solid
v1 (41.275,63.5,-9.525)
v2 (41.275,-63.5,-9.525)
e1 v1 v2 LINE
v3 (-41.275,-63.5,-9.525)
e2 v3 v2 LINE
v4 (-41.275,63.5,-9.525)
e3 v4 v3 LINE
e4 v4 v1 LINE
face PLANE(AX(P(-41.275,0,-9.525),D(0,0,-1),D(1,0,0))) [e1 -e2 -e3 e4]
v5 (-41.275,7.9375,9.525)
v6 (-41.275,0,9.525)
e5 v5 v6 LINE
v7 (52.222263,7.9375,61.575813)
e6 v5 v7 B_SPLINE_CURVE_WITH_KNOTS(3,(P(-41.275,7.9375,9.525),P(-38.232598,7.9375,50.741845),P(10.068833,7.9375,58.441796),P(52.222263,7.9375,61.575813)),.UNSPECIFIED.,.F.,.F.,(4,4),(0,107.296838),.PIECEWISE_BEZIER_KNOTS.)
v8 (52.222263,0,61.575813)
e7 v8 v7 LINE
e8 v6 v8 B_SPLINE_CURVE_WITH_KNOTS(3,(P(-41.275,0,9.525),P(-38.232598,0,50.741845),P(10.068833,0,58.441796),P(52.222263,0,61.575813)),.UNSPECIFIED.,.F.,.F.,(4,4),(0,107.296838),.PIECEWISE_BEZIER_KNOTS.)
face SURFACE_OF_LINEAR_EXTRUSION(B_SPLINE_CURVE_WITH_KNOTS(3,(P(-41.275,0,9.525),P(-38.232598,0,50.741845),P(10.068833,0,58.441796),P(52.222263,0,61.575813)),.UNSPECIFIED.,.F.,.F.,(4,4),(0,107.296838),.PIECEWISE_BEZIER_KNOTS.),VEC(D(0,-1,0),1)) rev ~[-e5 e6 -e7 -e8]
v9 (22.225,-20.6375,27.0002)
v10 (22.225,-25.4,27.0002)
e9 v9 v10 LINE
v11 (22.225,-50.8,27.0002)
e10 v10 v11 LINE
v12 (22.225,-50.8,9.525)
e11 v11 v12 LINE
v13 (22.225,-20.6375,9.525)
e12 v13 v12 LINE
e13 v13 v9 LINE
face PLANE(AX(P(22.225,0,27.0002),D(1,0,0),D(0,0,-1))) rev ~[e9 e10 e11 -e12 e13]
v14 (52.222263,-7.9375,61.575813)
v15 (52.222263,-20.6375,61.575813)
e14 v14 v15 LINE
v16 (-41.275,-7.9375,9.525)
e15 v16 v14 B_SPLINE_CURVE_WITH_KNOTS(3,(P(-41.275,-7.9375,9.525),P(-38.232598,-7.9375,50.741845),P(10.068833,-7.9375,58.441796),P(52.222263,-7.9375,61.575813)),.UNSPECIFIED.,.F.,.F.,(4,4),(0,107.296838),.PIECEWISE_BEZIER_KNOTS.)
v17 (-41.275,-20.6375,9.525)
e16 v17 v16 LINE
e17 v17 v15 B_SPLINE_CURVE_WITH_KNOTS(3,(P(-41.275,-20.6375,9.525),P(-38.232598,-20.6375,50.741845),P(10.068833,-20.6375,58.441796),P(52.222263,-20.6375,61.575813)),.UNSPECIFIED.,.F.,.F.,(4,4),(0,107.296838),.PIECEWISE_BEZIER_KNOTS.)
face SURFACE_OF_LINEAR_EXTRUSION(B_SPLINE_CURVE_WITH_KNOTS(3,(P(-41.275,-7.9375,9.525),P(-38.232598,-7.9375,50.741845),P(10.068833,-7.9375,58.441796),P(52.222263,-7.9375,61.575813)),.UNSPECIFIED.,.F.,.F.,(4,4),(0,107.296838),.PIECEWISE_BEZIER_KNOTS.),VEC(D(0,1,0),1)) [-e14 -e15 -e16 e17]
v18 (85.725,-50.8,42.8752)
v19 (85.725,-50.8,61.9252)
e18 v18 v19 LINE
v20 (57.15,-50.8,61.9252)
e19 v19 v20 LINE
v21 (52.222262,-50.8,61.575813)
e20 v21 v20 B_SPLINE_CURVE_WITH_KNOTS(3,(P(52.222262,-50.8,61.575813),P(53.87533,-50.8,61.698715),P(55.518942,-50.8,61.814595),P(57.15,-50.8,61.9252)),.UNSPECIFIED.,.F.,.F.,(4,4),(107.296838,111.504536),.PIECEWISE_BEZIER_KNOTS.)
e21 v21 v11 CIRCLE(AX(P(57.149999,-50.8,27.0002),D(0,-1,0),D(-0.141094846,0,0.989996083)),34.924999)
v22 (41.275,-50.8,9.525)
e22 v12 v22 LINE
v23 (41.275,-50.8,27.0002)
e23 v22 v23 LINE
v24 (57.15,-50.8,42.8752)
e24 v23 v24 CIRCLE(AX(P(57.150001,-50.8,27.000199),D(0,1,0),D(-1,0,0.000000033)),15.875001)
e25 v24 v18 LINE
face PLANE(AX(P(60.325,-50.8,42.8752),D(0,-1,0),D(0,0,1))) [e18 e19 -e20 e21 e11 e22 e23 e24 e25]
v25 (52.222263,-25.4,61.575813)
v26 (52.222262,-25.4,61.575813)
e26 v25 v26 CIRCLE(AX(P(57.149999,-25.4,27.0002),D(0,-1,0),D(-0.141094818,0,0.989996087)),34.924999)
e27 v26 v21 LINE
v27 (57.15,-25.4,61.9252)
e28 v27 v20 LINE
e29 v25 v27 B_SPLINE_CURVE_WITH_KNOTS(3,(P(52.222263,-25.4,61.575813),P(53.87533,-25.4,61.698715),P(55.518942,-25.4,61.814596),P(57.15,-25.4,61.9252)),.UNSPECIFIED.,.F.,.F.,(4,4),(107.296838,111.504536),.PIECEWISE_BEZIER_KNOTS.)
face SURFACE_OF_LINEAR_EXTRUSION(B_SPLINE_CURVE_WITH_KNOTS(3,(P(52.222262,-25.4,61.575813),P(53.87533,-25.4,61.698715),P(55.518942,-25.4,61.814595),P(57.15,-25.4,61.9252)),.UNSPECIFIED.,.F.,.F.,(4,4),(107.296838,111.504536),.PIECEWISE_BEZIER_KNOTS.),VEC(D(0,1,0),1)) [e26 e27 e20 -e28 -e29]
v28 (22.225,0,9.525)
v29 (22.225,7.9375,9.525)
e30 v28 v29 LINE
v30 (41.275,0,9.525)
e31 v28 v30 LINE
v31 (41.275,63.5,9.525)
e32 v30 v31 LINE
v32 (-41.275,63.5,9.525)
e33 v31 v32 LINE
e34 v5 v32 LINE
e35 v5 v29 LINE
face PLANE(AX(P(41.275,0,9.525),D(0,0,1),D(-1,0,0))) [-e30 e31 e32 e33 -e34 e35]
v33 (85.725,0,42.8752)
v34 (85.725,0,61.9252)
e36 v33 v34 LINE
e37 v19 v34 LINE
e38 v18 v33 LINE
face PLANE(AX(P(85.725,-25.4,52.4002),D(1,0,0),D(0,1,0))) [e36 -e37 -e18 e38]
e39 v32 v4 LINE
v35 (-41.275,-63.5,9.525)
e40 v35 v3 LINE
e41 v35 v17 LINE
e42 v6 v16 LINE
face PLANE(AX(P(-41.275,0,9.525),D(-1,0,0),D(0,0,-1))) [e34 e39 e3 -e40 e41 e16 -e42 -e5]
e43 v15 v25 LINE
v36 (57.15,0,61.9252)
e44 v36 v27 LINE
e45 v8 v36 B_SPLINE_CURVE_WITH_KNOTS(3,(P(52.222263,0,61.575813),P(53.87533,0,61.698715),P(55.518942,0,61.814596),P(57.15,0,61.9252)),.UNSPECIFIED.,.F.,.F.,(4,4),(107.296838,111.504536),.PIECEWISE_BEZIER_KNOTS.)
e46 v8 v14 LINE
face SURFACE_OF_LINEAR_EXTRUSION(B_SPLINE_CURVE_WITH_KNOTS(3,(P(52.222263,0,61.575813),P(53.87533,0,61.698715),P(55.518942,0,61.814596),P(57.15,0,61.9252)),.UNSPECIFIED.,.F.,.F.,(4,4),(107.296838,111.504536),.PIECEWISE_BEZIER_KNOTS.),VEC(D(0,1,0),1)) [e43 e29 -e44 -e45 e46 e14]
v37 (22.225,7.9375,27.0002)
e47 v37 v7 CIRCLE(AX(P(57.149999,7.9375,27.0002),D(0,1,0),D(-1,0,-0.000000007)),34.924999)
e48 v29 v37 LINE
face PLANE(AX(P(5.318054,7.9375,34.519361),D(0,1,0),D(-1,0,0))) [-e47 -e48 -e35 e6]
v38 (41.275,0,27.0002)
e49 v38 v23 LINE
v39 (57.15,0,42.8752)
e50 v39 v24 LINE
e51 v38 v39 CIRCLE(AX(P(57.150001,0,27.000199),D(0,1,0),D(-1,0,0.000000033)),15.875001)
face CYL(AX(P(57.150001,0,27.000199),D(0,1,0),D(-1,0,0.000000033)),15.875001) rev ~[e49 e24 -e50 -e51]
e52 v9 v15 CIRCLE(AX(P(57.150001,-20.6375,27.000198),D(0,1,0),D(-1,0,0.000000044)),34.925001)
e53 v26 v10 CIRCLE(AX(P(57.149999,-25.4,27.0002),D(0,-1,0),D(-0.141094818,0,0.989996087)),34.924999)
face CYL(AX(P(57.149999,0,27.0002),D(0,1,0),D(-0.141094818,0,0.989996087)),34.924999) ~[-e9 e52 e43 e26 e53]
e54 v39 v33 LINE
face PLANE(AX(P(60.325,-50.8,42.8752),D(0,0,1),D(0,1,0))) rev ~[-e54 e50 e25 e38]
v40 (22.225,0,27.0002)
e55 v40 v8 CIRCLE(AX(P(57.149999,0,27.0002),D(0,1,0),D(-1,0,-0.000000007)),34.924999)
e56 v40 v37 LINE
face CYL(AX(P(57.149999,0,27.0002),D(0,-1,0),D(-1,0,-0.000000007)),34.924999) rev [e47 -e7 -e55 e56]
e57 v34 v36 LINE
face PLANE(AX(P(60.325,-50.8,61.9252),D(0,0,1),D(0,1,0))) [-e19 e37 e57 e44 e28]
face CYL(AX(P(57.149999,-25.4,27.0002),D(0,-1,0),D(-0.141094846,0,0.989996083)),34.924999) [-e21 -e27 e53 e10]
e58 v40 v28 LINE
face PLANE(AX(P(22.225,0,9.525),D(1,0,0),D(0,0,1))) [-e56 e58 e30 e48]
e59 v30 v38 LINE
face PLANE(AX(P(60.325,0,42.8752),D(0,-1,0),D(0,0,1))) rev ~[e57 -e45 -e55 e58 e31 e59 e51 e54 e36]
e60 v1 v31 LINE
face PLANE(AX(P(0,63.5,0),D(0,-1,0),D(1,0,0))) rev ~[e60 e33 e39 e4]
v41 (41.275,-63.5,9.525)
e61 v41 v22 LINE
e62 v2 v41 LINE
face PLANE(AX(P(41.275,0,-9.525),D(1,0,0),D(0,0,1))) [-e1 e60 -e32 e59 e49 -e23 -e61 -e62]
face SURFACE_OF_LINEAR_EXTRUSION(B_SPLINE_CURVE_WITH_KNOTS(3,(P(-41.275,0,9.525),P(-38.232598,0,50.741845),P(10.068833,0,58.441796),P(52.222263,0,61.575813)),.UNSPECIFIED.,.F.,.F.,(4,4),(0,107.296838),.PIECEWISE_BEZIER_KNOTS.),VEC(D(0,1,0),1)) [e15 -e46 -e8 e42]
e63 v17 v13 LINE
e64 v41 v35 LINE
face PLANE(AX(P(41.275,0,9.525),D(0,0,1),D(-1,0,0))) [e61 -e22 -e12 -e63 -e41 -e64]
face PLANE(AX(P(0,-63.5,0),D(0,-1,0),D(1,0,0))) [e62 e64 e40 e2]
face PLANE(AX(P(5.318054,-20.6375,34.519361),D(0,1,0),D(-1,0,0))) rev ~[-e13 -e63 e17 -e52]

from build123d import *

# Parameters (mm, degrees)
F1_DEPTH  = 63.5
F2_DEPTH  = 25.4
F3_DEPTH  = 25.4
F3_FACE_W = 50.8
F3_FACE_H = 19.05
F4_DEPTH  = 25.4
F5_DEPTH  = 7.9375
F6_DEPTH  = 12.7


with BuildPart() as f1:
    # F0 (on Front) → F1 (new body, symmetric)
    with BuildSketch(Plane.XZ):
        Polygon((22.225, 9.525), (-41.275, 9.525), (-41.275, -9.525), (41.275, -9.525), (41.275, 9.525), align=None)
    extrude(amount=F1_DEPTH, both=True)

    # F0 (on Front) → F2 (join)
    with BuildSketch(Plane.XZ):
        with BuildLine():
            Line((22.225, 27.0002), (22.225, 9.525))
            Line((22.225, 9.525), (41.275, 9.525))
            Line((41.275, 9.525), (41.275, 27.0002))
            ThreePointArc((41.275, 27.0002), (45.92468, 38.22552), (57.15, 42.8752))
            Line((57.15, 42.8752), (60.325, 42.8752))
            Line((60.325, 42.8752), (60.325, 61.9252))
            Line((60.325, 61.9252), (57.15, 61.9252))
            add(Edge.make_bspline(
                [(52.222263, 61.575813), (53.87533, 61.698715), (55.518942, 61.814596), (57.15, 61.9252)],
                knots=[107.296838, 107.296838, 107.296838, 107.296838, 111.504536, 111.504536, 111.504536, 111.504536], degree=3))
            ThreePointArc((52.222263, 61.575813), (30.769545, 49.887472), (22.225, 27.0002))
        make_face()
    extrude(amount=F2_DEPTH)

    # F2_face (on face) → F3 (join, symmetric)
    with BuildSketch(Plane(origin=(38.743879, -25.4, 36.959126), x_dir=(1, 0, 0), z_dir=(0, -1, 0))):
        with BuildLine():
            ThreePointArc((13.478383, 24.616687), (-7.974335, 12.928345), (-16.518879, -9.958926))
            Line((-16.518879, -9.958926), (-16.518879, -27.434126))
            Line((-16.518879, -27.434126), (2.531121, -27.434126))
            Line((2.531121, -27.434126), (2.531121, -9.958926))
            ThreePointArc((2.531121, -9.958926), (7.180801, 1.266394), (18.406121, 5.916074))
            Line((18.406121, 5.916074), (21.581121, 5.916074))
            Line((21.581121, 5.916074), (21.581121, 24.966074))
            Line((21.581121, 24.966074), (18.406121, 24.966074))
            add(Edge.make_bspline(
                [(13.478383, 24.616687), (15.131451, 24.739589), (16.775063, 24.855469), (18.406121, 24.966074)],
                knots=[107.296838, 107.296838, 107.296838, 107.296838, 111.504536, 111.504536, 111.504536, 111.504536], degree=3))
        make_face()
    extrude(amount=F3_DEPTH, both=True)

    # F3_face (on face) → F4 (join)
    with BuildSketch(Plane(origin=(60.325, -25.4, 52.4002), x_dir=(0, 1, 0), z_dir=(1, 0, 0))):
        Rectangle(F3_FACE_W, F3_FACE_H)
    extrude(amount=F4_DEPTH)

    # F0 (on Front) → F5 (join, symmetric)
    with BuildSketch(Plane.XZ):
        with BuildLine():
            add(Edge.make_bspline(
                [(-41.275, 9.525), (-38.232598, 50.741845), (10.068833, 58.441796), (52.222263, 61.575813)],
                knots=[0, 0, 0, 0, 107.296838, 107.296838, 107.296838, 107.296838], degree=3))
            Line((-41.275, 9.525), (22.225, 9.525))
            Line((22.225, 9.525), (22.225, 27.0002))
            ThreePointArc((22.225, 27.0002), (30.769545, 49.887472), (52.222263, 61.575813))
        make_face()
    extrude(amount=F5_DEPTH, both=True)

    # F5_face (on face) → F6 (join, symmetric)
    with BuildSketch(Plane(origin=(-1.735733, -7.9375, 31.373848), x_dir=(1, 0, 0), z_dir=(0, -1, 0))):
        with BuildLine():
            add(Edge.make_bspline(
                [(-39.539267, -21.848848), (-36.496865, 19.367997), (11.804566, 27.067948), (53.957996, 30.201965)],
                knots=[0, 0, 0, 0, 107.296838, 107.296838, 107.296838, 107.296838], degree=3))
            Line((-39.539267, -21.848848), (23.960733, -21.848848))
            Line((23.960733, -21.848848), (23.960733, -4.373648))
            ThreePointArc((23.960733, -4.373648), (32.505278, 18.513623), (53.957996, 30.201965))
        make_face()
    extrude(amount=F6_DEPTH, both=True)


solid = f1.part
